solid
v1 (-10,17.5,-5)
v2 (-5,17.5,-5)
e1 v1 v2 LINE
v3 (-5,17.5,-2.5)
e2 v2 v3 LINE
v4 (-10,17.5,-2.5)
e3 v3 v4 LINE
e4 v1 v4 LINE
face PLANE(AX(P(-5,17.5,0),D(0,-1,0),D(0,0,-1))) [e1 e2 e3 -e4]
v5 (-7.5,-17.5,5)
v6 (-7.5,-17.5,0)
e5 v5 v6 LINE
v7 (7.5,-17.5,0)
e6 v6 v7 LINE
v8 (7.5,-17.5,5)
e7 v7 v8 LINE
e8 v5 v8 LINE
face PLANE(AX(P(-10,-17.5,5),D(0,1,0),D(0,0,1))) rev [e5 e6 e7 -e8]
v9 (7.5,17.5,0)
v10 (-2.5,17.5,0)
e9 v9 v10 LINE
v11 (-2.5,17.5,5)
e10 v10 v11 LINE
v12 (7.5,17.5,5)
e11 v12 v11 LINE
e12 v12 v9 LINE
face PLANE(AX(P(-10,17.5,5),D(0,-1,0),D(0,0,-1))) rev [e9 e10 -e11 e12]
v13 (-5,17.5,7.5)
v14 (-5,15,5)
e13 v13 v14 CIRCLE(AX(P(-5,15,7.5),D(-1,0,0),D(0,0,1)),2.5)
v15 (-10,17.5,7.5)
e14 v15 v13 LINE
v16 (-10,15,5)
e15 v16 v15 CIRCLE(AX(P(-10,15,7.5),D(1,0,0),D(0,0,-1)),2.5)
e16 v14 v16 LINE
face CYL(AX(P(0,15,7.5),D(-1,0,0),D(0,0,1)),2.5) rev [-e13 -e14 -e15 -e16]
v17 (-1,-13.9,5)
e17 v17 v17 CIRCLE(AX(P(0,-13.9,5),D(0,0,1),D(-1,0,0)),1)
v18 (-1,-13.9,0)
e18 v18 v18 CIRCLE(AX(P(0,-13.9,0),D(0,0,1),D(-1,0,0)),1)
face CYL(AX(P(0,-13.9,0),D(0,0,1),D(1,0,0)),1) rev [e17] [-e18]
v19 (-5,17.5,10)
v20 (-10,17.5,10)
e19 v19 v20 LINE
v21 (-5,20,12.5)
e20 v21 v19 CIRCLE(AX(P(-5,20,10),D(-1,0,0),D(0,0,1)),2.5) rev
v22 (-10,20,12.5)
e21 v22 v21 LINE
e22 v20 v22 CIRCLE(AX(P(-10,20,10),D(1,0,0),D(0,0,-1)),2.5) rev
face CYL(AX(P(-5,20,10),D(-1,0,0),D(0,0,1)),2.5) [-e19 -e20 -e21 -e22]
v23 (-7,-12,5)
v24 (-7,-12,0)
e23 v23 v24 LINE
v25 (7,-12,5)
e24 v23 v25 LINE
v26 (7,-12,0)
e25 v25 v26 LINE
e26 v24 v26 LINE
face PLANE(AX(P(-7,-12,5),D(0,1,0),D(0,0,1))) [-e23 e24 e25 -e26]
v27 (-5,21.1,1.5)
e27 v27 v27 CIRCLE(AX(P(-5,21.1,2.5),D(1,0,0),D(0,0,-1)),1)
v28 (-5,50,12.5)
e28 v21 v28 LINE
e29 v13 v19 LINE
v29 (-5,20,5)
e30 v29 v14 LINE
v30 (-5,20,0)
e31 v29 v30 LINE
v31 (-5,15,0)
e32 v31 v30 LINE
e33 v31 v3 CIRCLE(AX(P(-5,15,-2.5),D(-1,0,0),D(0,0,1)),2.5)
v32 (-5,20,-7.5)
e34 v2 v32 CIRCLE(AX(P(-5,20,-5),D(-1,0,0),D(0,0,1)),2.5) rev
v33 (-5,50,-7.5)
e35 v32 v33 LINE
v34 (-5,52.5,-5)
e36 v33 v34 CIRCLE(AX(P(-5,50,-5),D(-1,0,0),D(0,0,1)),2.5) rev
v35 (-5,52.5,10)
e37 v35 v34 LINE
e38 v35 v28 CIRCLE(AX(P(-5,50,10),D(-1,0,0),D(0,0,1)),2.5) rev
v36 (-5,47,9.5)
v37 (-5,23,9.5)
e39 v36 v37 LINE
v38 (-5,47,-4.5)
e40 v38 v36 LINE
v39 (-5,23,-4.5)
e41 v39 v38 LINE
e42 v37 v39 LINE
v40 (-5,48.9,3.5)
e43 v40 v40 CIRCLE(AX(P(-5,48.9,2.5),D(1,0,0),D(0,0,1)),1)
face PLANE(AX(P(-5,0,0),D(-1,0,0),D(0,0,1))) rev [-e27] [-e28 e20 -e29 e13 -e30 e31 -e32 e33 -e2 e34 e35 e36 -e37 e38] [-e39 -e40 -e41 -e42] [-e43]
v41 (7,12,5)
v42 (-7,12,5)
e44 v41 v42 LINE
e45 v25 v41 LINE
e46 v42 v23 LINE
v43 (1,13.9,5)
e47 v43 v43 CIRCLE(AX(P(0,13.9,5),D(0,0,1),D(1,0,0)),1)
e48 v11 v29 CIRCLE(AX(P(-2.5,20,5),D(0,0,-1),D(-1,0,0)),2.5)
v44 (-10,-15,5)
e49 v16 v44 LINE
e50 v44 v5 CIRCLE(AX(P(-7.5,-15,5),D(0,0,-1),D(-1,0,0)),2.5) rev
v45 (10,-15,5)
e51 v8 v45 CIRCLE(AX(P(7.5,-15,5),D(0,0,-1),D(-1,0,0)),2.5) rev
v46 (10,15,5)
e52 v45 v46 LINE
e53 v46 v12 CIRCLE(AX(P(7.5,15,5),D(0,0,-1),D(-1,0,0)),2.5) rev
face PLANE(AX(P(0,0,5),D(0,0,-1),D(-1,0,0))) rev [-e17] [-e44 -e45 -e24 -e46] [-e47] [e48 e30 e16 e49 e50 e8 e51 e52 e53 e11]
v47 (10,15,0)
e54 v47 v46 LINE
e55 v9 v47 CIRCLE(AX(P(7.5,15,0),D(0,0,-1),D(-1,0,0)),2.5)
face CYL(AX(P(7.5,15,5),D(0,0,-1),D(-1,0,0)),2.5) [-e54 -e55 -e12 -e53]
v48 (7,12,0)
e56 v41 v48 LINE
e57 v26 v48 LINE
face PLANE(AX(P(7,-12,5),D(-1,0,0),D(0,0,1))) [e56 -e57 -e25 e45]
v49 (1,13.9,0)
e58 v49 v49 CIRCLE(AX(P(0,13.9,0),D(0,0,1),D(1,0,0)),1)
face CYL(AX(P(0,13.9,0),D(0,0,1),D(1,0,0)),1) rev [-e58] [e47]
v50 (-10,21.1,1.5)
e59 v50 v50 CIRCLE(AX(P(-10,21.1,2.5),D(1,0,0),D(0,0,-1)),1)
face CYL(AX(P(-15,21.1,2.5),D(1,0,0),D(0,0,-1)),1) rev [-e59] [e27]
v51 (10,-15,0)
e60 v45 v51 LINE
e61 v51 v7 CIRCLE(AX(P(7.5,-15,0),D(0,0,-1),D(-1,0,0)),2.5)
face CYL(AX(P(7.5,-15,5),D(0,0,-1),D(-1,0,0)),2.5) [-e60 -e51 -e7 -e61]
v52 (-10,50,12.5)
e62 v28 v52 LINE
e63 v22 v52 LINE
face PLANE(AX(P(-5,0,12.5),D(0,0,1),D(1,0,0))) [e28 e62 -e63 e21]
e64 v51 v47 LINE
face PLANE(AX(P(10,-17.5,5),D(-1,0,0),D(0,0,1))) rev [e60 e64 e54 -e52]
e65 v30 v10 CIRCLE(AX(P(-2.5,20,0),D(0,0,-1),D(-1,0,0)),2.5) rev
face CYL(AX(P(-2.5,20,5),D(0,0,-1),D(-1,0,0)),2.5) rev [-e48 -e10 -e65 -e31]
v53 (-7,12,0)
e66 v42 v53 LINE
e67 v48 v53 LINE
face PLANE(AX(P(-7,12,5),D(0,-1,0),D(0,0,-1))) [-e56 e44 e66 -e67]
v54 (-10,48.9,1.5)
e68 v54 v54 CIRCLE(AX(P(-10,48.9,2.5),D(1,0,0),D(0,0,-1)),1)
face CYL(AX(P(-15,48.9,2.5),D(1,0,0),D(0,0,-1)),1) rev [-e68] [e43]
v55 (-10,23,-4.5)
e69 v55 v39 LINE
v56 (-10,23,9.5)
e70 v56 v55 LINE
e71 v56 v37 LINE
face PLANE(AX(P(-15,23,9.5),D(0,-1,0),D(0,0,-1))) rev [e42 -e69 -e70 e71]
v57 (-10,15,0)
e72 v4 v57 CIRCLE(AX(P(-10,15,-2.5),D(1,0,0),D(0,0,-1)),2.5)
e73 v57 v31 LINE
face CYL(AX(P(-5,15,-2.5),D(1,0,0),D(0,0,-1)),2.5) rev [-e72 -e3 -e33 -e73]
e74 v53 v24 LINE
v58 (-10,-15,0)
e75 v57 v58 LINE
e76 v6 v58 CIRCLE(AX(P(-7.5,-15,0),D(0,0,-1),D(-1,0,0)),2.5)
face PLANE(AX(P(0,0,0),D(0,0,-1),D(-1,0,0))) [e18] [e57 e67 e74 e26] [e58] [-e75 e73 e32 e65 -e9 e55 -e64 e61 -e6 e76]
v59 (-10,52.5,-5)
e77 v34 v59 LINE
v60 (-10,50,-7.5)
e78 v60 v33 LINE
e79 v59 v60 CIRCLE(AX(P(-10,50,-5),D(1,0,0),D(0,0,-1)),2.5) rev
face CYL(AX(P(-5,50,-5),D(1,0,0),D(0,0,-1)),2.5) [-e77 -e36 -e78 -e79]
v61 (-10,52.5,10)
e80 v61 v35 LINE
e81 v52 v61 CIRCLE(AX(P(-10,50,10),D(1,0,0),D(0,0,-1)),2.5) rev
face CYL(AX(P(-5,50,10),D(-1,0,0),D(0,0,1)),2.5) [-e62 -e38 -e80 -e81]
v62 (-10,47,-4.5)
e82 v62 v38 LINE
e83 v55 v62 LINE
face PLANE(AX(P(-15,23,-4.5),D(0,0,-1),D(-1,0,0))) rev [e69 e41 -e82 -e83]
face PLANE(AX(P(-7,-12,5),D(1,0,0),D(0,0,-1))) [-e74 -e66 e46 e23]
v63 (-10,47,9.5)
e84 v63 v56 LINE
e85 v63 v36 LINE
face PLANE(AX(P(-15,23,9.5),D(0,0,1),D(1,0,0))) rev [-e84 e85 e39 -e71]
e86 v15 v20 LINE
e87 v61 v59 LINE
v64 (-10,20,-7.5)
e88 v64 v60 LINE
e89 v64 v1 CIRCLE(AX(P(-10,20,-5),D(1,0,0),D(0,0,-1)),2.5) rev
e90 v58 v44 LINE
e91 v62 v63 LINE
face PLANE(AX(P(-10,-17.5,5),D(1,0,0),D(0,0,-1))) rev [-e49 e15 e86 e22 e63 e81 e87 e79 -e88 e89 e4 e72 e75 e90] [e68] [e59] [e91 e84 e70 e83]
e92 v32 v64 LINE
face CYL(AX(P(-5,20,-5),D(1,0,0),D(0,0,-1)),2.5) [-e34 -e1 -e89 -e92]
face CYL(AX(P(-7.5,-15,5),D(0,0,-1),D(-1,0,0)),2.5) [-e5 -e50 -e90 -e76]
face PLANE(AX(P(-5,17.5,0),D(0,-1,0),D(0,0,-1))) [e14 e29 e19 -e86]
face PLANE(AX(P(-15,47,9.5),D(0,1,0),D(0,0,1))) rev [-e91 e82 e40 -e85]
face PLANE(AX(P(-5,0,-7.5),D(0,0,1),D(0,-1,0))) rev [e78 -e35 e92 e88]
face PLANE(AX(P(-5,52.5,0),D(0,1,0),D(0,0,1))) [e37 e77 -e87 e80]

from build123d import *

# Parameters (mm, degrees)
SKETCH1_W           = 20
SKETCH1_H           = 35
SKETCH1_W_2         = 14
SKETCH1_H_2         = 24
BOSS_EXTRUDE1_DEPTH = 5
SKETCH2_R           = 1
CUT_EXTRUDE1_DEPTH  = 5
BOSS_EXTRUDE2_DEPTH = 5
FILLET1_R           = 2.5
FILLET2_R           = 2.5
SKETCH5_R           = 1
SKETCH5_W           = 14
SKETCH5_H           = 24
CUT_EXTRUDE2_DEPTH  = 10


with BuildPart() as part:
    # Sketch1 → Boss-Extrude1 (new body)
    with BuildSketch(Plane.XY):
        Rectangle(SKETCH1_W, SKETCH1_H)
        Rectangle(SKETCH1_W_2, SKETCH1_H_2, mode=Mode.SUBTRACT)
    extrude(amount=BOSS_EXTRUDE1_DEPTH)

    # Sketch2 → Cut-Extrude1 (cut)
    with BuildSketch(Plane.XY.offset(5)):
        with Locations((0, 13.9)):
            Circle(SKETCH2_R)
        with Locations(Location((0, -13.9, 0), (0, 0, 180))):
            Circle(SKETCH2_R)
    extrude(amount=-CUT_EXTRUDE1_DEPTH, mode=Mode.SUBTRACT)

    # Sketch3 → Boss-Extrude2 (add)
    with BuildSketch(Plane.ZY.offset(10)):
        Polygon((-7.5, 52.5), (-7.5, 17.5), (0, 17.5), (2.5, 17.5), (2.5, 52.5), align=None)
        Polygon((2.5, 52.5), (2.5, 17.5), (5, 17.5), (12.5, 17.5), (12.5, 52.5), align=None)
    extrude(amount=-BOSS_EXTRUDE2_DEPTH)

    # Fillet1
    fillet1_edges = [part.edges().sort_by_distance(p)[0] for p in [
        (-7.5, 17.5, 0),
        (-7.5, 17.5, 5),
    ]]
    fillet(fillet1_edges, radius=FILLET1_R)

    # Fillet2
    fillet2_edges = [part.edges().sort_by_distance(p)[0] for p in [
        (-5, 17.5, 2.5),
        (-7.5, 17.5, 12.5),
        (-7.5, 17.5, -7.5),
        (-7.5, 52.5, -7.5),
        (-7.5, 52.5, 12.5),
        (10, -17.5, 2.5),
        (-10, -17.5, 2.5),
        (10, 17.5, 2.5),
    ]]
    fillet(fillet2_edges, radius=FILLET2_R)

    # Sketch5 → Cut-Extrude2 (cut)
    with BuildSketch(Plane(origin=(-5, 0, 0), x_dir=(0, 0, -1), z_dir=(1, 0, 0))):
        with Locations((-2.5, 21.1)):
            Circle(SKETCH5_R)
        with Locations((-2.5, 48.9)):
            Circle(SKETCH5_R)
        with Locations((-2.5, 35)):
            Rectangle(SKETCH5_W, SKETCH5_H)
    extrude(amount=-CUT_EXTRUDE2_DEPTH, mode=Mode.SUBTRACT)


solid = part.part
